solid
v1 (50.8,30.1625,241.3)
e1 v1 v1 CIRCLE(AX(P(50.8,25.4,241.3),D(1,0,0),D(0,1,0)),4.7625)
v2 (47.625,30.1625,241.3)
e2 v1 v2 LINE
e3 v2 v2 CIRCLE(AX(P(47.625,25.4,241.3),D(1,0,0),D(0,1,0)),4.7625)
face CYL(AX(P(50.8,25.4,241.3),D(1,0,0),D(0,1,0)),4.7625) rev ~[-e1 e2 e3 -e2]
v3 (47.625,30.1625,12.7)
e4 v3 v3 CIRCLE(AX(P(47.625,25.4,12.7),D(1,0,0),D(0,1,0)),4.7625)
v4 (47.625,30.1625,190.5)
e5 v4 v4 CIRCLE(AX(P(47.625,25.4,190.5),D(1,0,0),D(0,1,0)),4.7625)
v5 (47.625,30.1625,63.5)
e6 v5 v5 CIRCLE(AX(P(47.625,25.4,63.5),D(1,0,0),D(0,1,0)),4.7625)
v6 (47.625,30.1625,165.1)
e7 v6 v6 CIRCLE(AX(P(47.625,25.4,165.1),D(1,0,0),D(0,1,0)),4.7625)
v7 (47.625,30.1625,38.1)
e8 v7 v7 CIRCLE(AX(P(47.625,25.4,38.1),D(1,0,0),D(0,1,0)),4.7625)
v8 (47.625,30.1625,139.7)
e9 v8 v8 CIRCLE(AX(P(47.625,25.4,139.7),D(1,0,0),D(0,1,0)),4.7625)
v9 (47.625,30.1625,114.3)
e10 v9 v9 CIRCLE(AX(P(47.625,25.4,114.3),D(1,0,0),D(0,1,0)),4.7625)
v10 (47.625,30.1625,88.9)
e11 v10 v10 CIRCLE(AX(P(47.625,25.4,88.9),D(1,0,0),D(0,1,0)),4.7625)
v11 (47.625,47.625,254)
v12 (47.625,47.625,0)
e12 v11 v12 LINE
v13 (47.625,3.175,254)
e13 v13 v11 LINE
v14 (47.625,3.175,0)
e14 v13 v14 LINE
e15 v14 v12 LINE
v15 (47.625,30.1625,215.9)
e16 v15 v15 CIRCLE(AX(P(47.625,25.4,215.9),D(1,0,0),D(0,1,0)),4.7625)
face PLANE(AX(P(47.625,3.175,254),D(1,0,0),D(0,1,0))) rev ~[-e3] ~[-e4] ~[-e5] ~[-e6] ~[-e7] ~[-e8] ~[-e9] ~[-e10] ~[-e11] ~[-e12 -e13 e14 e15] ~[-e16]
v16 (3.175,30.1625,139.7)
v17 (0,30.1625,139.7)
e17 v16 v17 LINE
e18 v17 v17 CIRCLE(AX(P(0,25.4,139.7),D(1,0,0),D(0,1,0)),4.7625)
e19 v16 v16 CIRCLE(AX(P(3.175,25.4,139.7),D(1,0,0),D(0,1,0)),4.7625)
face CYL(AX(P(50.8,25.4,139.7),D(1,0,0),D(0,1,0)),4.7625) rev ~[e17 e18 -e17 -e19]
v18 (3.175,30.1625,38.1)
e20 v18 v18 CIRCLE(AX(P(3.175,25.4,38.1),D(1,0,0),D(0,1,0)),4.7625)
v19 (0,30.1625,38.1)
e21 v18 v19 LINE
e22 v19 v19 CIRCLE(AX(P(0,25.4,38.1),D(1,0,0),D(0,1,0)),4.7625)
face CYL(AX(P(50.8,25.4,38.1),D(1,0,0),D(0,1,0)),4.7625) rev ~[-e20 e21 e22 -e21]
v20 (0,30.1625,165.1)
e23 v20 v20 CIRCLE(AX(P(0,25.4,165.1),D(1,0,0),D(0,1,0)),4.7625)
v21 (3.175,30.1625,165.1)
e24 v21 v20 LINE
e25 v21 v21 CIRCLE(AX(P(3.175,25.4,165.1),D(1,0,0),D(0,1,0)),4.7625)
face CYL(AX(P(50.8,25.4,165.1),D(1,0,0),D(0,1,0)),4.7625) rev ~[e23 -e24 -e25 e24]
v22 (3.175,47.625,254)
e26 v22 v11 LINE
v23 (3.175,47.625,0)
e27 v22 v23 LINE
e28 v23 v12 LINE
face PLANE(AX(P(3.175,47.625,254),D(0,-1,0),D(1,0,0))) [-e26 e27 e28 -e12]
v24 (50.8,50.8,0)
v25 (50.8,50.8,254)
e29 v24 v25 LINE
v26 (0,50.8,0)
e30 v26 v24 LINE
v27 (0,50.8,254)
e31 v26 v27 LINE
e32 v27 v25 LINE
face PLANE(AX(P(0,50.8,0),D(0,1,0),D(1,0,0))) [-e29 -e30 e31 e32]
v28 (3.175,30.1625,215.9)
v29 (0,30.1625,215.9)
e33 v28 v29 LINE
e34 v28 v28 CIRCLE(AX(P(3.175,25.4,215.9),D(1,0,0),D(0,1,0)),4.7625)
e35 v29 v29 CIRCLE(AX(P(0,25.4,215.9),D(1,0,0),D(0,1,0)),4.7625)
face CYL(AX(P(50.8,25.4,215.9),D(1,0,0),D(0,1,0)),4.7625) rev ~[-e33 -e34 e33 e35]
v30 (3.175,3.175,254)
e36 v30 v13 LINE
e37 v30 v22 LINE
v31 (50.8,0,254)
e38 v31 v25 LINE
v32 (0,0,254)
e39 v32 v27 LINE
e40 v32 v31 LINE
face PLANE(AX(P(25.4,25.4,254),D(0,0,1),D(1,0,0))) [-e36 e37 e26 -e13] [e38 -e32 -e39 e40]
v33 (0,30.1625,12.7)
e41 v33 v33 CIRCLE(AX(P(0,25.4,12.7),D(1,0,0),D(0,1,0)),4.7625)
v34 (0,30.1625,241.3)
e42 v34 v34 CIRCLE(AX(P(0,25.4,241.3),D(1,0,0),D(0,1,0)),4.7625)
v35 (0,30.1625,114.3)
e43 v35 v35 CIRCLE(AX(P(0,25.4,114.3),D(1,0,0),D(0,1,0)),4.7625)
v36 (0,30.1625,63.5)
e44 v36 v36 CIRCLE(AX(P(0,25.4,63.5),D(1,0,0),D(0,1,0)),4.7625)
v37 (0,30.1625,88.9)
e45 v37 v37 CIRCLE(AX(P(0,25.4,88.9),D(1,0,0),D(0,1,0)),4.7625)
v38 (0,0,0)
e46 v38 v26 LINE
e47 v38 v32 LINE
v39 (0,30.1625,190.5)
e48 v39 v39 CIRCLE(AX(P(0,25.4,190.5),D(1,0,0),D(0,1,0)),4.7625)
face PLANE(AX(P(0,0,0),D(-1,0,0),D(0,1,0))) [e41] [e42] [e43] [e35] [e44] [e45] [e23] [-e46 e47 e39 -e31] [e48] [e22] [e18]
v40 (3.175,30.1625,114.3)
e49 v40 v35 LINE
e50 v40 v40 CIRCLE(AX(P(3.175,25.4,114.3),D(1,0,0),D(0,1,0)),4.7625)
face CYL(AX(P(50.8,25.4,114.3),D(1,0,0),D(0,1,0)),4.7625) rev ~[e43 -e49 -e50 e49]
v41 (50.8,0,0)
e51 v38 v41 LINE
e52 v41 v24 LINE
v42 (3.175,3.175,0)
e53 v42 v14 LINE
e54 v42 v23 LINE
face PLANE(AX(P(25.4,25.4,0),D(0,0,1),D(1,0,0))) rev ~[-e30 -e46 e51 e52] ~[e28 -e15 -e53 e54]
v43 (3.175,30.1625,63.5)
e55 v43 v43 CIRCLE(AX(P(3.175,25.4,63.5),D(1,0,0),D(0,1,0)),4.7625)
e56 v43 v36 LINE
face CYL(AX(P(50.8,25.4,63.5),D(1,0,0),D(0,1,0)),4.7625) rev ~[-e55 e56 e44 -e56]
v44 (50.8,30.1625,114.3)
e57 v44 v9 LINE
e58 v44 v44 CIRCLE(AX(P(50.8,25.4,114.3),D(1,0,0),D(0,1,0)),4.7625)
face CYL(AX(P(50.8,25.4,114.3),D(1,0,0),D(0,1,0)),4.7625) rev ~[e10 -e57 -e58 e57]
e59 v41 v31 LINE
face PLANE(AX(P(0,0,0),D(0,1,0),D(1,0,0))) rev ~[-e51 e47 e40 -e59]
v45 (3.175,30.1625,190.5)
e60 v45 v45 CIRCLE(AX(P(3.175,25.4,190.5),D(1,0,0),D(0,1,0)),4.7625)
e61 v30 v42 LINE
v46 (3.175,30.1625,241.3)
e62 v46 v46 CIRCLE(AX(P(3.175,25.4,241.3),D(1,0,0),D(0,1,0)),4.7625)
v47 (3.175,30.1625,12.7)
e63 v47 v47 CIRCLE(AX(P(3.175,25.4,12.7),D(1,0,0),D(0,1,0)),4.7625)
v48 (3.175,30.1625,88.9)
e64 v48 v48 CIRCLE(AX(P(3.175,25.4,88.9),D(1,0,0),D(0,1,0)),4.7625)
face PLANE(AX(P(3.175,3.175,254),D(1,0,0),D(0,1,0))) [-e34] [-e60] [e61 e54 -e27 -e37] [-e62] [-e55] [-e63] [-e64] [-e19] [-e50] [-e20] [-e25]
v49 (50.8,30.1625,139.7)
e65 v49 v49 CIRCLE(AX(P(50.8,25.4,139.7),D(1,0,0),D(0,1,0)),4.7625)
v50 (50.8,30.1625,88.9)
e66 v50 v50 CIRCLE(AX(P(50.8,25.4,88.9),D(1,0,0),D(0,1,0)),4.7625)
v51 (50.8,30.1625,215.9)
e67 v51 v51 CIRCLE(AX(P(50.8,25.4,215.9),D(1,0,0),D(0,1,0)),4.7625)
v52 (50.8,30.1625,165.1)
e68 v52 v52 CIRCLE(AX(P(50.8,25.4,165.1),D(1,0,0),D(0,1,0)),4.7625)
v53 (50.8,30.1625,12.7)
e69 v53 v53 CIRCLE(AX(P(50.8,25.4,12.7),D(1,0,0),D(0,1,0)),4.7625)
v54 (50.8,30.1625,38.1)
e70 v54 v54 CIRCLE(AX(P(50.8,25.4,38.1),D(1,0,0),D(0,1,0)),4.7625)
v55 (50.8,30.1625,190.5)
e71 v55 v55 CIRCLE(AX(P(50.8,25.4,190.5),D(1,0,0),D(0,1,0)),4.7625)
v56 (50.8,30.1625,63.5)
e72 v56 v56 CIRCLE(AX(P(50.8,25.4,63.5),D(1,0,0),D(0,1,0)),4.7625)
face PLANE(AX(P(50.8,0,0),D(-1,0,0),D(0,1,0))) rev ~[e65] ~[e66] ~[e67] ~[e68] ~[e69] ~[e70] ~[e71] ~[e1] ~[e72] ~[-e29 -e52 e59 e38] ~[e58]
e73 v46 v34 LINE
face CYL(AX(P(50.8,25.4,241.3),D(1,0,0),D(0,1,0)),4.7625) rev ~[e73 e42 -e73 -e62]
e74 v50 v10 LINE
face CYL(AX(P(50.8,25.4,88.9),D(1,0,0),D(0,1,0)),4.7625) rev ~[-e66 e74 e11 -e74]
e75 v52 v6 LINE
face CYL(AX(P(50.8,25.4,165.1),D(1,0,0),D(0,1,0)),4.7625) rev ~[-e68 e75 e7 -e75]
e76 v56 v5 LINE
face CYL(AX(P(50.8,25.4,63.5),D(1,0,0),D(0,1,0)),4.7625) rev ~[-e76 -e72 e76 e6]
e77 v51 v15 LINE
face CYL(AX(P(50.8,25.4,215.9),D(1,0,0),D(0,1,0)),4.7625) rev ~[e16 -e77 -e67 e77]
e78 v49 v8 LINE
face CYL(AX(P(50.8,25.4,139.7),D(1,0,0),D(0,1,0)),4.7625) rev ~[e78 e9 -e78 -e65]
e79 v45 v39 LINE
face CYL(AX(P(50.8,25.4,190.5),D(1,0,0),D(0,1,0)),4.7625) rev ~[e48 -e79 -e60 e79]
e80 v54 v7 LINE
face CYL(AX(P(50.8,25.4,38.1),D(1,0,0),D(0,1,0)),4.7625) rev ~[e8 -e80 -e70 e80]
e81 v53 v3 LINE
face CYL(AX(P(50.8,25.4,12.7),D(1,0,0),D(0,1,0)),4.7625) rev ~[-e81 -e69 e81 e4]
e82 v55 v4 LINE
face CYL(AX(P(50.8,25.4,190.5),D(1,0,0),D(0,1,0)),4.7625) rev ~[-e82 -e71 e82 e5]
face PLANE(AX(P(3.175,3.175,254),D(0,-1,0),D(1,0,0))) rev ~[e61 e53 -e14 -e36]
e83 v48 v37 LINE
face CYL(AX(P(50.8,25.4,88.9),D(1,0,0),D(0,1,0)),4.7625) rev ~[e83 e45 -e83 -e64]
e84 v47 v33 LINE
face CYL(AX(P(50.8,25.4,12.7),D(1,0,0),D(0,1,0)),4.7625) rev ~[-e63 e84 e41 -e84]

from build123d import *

# Parameters (mm, degrees)
F0_W     = 50.8
F0_H     = 50.8
F1_DEPTH = 254
F2_W     = 44.45
F2_H     = 44.45
F3_DEPTH = 254.001
F4_R     = 4.7625
F5_DEPTH = 50.801


with BuildPart() as f1:
    # F0 (on Top) → F1 (new body)
    with BuildSketch(Plane.XY):
        with Locations((25.4, 25.4)):
            Rectangle(F0_W, F0_H)
    extrude(amount=F1_DEPTH)

    # F2 (on face) → F3 (cut, through all)
    with BuildSketch(Plane.XY.offset(254)):
        with Locations((25.4, 25.4)):
            Rectangle(F2_W, F2_H)
    extrude(amount=-F3_DEPTH, mode=Mode.SUBTRACT)

    # F4 (on face) → F5 (cut, through all)
    with BuildSketch(Plane.YZ.offset(50.8)):
        with Locations((25.4, 12.7)):
            Circle(F4_R)
        with Locations((25.4, 38.1)):
            Circle(F4_R)
        with Locations((25.4, 63.5)):
            Circle(F4_R)
        with Locations((25.4, 88.9)):
            Circle(F4_R)
        with Locations((25.4, 114.3)):
            Circle(F4_R)
        with Locations((25.4, 139.7)):
            Circle(F4_R)
        with Locations((25.4, 165.1)):
            Circle(F4_R)
        with Locations((25.4, 190.5)):
            Circle(F4_R)
        with Locations((25.4, 215.9)):
            Circle(F4_R)
        with Locations((25.4, 241.3)):
            Circle(F4_R)
    extrude(amount=-F5_DEPTH, mode=Mode.SUBTRACT)


solid = f1.part
